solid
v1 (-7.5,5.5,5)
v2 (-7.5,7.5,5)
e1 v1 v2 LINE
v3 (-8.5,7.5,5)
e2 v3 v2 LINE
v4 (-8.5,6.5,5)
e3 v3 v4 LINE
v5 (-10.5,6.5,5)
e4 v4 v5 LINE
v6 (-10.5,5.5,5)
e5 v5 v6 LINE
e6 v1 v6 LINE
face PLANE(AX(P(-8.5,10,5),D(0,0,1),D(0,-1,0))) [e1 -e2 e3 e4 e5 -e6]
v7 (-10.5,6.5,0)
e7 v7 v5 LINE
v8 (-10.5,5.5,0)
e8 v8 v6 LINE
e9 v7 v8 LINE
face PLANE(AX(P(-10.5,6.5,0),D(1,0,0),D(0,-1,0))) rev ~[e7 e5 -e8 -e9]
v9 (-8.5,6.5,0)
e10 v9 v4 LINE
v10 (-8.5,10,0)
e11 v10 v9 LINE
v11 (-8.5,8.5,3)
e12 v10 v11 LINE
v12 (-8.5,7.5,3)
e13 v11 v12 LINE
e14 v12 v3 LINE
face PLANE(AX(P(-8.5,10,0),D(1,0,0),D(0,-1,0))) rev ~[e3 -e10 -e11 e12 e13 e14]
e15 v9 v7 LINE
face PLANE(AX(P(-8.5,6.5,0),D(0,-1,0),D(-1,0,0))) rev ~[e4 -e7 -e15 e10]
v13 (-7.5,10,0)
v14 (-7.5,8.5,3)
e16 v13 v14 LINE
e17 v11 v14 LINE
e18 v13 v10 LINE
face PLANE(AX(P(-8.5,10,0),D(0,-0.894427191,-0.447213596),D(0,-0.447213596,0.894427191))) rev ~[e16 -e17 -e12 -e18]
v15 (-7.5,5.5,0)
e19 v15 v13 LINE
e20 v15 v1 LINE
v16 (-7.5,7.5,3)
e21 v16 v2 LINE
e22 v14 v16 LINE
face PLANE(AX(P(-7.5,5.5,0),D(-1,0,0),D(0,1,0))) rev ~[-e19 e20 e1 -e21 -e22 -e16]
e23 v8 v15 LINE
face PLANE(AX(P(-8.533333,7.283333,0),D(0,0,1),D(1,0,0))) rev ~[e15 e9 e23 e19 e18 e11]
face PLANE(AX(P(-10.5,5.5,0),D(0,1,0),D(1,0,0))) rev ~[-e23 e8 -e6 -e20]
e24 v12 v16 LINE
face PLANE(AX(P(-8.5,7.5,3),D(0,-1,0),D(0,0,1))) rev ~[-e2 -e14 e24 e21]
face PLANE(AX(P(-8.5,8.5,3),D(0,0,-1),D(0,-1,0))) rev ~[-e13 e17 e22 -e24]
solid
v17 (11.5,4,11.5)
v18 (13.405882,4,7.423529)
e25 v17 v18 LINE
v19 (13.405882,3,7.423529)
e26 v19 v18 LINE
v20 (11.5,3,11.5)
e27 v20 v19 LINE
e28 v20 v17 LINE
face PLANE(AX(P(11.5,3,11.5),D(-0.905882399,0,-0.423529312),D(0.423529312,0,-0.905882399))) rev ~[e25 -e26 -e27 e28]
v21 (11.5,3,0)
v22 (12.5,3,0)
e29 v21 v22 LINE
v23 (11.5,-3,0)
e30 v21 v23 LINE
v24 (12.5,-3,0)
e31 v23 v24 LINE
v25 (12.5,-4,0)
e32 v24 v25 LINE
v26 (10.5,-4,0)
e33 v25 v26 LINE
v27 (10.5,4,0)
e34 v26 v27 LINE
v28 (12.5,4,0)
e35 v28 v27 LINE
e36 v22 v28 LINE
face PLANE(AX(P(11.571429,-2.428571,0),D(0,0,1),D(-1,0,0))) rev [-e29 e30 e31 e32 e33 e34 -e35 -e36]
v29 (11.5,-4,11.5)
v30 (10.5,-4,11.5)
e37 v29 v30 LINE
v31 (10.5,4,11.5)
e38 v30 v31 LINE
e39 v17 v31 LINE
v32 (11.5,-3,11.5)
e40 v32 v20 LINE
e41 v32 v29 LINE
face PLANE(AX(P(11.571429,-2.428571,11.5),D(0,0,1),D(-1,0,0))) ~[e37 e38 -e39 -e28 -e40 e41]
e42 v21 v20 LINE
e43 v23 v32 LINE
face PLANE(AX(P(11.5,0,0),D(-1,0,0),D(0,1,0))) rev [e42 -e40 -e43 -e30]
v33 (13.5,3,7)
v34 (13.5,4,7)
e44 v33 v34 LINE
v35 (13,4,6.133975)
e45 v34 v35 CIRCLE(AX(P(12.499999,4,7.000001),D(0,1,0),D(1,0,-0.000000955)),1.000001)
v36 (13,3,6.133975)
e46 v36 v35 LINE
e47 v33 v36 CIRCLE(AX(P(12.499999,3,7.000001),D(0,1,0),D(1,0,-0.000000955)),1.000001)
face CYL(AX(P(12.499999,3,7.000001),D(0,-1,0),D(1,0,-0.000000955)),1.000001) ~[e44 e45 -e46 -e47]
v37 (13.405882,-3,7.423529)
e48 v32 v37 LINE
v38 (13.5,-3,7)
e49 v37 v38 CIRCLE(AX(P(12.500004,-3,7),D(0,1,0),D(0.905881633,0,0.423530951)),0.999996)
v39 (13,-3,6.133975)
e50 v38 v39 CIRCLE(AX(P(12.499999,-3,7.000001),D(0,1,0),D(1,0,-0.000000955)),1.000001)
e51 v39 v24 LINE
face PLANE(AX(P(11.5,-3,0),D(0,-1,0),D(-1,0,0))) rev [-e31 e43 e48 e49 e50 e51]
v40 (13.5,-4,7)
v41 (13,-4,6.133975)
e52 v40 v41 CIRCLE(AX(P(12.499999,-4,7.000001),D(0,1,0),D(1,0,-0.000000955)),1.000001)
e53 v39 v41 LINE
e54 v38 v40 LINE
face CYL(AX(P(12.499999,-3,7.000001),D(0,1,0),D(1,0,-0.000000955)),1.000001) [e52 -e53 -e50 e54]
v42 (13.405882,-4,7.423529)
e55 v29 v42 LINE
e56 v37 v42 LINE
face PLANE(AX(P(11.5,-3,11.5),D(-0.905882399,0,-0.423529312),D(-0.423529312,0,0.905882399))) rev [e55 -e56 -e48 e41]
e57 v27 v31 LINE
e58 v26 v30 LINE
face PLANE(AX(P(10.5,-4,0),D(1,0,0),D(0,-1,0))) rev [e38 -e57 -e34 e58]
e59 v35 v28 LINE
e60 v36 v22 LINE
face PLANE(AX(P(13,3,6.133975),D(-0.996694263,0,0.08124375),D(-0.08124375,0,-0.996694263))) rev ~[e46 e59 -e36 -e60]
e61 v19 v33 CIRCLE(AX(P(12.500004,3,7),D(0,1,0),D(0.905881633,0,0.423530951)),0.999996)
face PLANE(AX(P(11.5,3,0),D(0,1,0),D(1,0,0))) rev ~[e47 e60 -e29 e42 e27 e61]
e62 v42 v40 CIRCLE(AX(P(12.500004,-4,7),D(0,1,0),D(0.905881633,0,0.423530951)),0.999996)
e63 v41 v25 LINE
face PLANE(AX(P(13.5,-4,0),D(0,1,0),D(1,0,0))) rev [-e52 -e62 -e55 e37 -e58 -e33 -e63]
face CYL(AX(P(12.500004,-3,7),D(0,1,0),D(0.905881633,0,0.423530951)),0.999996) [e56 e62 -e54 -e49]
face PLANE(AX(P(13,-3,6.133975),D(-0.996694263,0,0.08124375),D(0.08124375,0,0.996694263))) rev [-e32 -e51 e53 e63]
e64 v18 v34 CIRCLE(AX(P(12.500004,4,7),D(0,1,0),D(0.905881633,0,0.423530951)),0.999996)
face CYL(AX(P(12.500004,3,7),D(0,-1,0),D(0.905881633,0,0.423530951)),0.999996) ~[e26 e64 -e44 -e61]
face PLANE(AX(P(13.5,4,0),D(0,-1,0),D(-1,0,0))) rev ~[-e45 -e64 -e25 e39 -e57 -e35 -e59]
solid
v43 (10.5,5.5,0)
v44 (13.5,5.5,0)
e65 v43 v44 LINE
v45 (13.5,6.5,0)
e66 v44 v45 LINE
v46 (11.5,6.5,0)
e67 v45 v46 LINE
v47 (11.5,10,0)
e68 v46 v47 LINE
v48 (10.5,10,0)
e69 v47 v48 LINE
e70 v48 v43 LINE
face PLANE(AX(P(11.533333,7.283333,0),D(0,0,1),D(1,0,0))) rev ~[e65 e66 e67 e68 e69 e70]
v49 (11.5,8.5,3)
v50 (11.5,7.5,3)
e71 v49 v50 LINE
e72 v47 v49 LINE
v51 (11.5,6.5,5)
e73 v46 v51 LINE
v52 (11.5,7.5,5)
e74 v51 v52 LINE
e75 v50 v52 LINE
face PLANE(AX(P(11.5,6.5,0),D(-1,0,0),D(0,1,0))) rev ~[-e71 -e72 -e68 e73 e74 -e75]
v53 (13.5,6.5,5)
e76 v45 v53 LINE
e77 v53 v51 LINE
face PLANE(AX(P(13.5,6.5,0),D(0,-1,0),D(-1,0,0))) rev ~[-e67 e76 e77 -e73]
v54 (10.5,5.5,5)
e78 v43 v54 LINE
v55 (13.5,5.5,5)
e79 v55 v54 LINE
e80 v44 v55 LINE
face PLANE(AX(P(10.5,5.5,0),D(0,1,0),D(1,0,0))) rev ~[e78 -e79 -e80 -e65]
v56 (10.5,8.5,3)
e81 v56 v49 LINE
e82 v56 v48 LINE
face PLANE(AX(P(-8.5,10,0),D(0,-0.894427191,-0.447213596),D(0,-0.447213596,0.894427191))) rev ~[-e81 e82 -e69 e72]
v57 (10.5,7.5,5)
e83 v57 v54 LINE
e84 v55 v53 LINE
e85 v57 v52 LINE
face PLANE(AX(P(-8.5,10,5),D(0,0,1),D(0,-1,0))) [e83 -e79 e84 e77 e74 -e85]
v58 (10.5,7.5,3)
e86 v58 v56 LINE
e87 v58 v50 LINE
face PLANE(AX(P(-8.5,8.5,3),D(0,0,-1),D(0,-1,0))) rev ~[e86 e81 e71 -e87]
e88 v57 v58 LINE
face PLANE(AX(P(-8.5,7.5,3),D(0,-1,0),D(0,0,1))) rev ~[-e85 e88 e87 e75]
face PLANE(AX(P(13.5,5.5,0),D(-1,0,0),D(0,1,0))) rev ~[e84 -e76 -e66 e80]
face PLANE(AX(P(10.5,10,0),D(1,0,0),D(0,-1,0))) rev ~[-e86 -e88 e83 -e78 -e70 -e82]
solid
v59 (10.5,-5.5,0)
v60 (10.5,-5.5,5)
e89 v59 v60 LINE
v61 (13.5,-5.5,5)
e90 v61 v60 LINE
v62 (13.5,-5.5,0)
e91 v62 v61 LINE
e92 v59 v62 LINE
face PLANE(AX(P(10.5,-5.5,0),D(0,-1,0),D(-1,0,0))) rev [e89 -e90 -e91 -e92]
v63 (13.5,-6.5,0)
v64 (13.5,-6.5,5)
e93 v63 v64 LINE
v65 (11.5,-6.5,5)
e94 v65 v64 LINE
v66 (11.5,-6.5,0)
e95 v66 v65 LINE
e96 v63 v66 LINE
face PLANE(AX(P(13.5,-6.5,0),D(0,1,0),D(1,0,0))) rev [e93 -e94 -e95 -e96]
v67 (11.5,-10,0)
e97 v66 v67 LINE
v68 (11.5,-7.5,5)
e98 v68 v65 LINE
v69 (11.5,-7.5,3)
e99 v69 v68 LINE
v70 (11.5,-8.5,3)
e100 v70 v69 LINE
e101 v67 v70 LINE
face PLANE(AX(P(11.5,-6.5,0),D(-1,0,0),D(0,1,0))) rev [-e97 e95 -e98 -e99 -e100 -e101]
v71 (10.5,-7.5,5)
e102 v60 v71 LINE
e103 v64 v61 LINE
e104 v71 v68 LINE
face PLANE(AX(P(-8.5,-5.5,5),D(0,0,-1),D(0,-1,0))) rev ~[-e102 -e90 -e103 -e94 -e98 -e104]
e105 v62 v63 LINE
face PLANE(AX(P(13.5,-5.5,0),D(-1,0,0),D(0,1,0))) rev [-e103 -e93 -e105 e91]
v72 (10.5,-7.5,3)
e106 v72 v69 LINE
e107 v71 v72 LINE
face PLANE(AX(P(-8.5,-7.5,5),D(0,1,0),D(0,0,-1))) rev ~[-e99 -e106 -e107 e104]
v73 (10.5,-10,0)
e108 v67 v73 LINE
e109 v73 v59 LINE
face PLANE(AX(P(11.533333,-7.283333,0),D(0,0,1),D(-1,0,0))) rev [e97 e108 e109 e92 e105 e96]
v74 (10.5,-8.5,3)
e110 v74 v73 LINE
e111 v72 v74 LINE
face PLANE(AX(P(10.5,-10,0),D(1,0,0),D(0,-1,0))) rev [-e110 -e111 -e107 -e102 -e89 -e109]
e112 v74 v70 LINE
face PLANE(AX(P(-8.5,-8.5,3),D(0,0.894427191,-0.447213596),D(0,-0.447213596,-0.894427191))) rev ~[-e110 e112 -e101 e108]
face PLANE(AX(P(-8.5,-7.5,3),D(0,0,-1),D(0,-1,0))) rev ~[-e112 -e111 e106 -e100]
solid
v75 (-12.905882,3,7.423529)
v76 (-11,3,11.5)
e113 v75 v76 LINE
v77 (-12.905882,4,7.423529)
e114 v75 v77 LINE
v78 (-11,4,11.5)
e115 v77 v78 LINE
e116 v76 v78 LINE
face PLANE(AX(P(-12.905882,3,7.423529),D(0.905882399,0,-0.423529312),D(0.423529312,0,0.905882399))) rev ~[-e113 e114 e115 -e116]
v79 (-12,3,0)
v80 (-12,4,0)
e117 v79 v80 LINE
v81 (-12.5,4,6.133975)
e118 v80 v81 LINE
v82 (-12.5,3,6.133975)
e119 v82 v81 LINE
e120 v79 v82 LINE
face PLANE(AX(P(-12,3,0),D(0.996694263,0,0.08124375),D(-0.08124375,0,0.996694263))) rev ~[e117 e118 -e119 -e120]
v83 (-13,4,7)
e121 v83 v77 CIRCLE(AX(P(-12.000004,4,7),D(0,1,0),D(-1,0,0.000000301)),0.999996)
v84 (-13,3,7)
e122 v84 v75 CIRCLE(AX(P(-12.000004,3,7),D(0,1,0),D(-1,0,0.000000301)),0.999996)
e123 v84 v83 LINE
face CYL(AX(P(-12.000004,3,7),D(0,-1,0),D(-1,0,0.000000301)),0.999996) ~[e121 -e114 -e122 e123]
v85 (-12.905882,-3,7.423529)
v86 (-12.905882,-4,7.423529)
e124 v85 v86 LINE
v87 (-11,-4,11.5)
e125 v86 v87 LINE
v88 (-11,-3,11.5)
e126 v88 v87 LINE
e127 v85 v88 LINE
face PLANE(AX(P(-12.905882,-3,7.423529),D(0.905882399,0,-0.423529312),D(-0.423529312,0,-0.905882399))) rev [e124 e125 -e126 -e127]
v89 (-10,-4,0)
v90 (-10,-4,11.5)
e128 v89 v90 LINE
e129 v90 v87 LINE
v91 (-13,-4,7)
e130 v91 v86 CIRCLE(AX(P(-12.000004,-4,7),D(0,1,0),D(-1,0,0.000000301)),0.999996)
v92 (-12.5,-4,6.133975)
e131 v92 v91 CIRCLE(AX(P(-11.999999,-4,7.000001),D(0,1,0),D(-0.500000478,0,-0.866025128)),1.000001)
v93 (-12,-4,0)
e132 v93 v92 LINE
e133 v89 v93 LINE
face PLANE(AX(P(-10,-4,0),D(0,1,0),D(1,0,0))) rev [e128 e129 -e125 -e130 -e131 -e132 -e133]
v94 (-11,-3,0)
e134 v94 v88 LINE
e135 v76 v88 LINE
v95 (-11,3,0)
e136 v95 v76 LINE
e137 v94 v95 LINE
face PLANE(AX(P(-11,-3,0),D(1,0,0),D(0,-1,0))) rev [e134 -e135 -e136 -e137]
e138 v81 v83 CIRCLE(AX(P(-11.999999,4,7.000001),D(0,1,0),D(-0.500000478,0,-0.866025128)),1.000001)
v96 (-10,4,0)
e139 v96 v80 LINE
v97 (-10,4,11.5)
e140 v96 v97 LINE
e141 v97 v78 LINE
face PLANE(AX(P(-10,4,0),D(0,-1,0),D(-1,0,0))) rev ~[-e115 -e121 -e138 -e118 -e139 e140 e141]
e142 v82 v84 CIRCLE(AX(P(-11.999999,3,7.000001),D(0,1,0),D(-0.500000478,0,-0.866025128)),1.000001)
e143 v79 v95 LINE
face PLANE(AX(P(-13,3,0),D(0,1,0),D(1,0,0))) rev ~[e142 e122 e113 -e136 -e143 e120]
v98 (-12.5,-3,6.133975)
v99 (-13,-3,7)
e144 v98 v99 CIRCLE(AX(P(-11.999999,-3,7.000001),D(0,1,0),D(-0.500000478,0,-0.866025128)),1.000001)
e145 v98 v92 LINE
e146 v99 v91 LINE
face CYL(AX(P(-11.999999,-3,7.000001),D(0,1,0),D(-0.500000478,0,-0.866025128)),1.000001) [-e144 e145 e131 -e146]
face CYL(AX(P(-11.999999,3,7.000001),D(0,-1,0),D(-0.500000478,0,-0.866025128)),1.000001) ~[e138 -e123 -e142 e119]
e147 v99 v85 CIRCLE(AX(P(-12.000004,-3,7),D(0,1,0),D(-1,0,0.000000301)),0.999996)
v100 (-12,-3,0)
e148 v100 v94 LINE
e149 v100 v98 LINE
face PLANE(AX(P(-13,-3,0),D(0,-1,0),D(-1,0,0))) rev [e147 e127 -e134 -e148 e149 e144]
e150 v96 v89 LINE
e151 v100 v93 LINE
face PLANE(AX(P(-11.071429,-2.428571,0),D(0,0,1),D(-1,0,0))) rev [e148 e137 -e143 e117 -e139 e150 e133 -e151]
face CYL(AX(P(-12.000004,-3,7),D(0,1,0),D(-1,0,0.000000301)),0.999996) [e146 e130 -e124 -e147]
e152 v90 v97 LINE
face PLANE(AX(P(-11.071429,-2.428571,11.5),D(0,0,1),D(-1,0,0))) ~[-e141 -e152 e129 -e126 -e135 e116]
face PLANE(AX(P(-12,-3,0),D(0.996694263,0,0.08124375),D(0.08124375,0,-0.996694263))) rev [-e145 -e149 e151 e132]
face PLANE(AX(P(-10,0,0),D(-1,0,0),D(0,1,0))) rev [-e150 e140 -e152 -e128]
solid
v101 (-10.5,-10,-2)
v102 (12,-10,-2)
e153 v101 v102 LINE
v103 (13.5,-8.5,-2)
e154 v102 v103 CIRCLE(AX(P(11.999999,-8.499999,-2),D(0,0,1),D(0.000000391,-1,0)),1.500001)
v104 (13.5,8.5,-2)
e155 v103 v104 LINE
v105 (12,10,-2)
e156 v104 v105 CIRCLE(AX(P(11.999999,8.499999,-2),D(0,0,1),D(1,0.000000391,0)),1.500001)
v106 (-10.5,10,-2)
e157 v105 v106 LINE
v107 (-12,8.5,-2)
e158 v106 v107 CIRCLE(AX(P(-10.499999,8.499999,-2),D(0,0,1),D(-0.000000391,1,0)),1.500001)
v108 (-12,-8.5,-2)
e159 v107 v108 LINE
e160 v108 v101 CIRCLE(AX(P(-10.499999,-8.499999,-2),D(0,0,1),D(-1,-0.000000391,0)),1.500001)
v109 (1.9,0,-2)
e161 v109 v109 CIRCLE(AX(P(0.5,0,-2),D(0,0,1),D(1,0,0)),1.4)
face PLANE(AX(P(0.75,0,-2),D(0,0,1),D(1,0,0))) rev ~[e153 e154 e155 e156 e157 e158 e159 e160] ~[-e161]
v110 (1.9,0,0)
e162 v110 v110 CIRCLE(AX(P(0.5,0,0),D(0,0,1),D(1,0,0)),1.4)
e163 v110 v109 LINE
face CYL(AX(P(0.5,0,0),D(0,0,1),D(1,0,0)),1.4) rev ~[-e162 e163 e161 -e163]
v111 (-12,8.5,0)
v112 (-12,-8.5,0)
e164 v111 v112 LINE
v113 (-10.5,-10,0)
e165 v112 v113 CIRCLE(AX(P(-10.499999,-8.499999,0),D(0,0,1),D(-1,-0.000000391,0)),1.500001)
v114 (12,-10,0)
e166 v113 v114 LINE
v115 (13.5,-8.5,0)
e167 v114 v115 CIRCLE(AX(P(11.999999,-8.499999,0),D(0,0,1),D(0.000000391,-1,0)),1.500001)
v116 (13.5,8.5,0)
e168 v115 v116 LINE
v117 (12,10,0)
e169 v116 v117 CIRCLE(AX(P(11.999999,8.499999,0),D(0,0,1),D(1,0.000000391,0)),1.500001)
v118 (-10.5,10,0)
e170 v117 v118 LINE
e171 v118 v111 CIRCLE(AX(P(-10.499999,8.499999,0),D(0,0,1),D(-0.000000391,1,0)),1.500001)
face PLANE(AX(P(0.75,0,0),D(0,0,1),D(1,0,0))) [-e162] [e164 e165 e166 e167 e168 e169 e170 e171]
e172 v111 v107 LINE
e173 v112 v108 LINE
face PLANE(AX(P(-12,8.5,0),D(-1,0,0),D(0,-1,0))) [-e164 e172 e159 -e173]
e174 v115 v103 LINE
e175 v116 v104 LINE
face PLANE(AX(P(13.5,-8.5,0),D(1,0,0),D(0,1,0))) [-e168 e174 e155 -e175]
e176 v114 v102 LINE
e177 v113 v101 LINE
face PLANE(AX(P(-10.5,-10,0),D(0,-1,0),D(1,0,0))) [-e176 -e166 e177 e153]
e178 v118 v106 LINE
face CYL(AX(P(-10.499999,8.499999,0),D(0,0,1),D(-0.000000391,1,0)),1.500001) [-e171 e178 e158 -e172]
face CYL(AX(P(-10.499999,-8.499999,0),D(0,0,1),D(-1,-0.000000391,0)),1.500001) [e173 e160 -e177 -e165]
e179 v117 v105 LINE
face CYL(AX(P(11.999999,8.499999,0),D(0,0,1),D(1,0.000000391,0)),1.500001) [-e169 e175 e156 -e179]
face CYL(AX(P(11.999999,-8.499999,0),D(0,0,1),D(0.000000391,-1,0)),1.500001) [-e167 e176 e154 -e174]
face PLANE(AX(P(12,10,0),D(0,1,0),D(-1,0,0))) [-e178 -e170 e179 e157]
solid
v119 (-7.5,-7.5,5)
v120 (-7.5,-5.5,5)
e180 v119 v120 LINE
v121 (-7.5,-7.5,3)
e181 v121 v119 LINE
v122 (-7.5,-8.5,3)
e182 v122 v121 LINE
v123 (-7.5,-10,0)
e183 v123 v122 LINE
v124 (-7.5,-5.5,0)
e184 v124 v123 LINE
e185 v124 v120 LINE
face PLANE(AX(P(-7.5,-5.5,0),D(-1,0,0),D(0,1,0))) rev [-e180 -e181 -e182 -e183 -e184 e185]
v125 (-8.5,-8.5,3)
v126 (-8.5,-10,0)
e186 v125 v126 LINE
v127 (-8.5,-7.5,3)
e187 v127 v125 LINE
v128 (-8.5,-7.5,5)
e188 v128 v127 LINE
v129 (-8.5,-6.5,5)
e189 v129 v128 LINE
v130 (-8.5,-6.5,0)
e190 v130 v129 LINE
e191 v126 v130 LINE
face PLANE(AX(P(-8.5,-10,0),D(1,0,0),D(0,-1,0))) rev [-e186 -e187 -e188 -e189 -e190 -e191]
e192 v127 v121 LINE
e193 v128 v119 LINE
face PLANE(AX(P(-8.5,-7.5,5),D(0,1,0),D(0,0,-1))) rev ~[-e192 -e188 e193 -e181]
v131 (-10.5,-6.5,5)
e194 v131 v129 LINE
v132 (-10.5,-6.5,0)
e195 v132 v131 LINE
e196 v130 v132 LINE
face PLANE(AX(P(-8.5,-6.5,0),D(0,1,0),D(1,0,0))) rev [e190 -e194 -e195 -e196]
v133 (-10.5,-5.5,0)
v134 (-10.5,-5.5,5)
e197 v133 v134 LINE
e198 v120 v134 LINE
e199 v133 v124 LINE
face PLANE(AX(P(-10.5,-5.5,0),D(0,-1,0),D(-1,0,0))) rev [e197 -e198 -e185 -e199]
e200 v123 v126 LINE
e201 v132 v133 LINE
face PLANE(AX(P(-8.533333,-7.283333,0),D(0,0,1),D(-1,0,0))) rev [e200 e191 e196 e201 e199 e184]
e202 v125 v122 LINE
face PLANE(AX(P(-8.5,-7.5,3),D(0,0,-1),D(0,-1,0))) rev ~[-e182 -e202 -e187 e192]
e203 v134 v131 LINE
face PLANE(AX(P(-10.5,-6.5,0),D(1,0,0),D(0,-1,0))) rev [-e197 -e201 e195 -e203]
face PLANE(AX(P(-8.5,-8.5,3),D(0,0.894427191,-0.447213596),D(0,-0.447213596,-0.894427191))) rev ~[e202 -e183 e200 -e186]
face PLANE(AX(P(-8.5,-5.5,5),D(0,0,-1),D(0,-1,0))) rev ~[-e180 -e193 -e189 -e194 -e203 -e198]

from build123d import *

# Parameters (mm, degrees)
F1_DEPTH  = 11.5
F3_DEPTH  = 1
F5_W      = 4.5
F5_H      = 6.5
F6_DEPTH  = 28.13
F8_DEPTH  = 22.001
F10_DEPTH = 22.001
F11_R     = 1.4
F12_DEPTH = 2


with BuildPart() as f1:
    # F0 (on Top) → F1 (new body)
    with BuildSketch(Plane.XY):
        Polygon((-7.5, 5.5), (-7.5, 10), (-8.5, 10), (-8.5, 6.5), (-10.5, 6.5), (-10.5, 5.5), align=None)
        Polygon((-10, 4), (-13, 4), (-13, 3), (-11, 3), (-11, 0), (-10, 0), align=None)
        Polygon((11.5, 10), (10.5, 10), (10.5, 5.5), (13.5, 5.5), (13.5, 6.5), (11.5, 6.5), align=None)
        Polygon((13.5, 4), (10.5, 4), (10.5, 0), (11.5, 0), (11.5, 3), (13.5, 3), align=None)
    extrude(amount=F1_DEPTH)

    # F2 (on face) → F3 (cut, through all)
    with BuildSketch(Plane.XZ.offset(-3)):
        with BuildLine():
            ThreePointArc((-13, 7), (-12.976187, 7.21693), (-12.905882, 7.423529))
            Line((-12.905882, 7.423529), (-11, 11.5))
            Line((-11, 11.5), (-13, 11.5))
            Line((-13, 11.5), (-13, 7))
        make_face()
        with BuildLine():
            ThreePointArc((-12.5, 6.133975), (-12.866025, 6.5), (-13, 7))
            Line((-13, 7), (-13, 0))
            Line((-13, 0), (-12, 0))
            Line((-12, 0), (-12.5, 6.133975))
        make_face()
        with BuildLine():
            Line((11.5, 11.5), (13.405882, 7.423529))
            ThreePointArc((13.405882, 7.423529), (13.476187, 7.21693), (13.5, 7))
            Line((13.5, 7), (13.5, 11.5))
            Line((13.5, 11.5), (11.5, 11.5))
        make_face()
        with BuildLine():
            Line((13.5, 0), (13.5, 7))
            ThreePointArc((13.5, 7), (13.366025, 6.5), (13, 6.133975))
            Line((13, 6.133975), (12.5, 0))
            Line((12.5, 0), (13.5, 0))
        make_face()
    extrude(amount=-F3_DEPTH, mode=Mode.SUBTRACT)

    # F4: F1 across plane


with BuildPart() as f1_1:
    add(f1.part)
    add(f1.part.mirror(Plane.XZ))

    # F5 (on face) → F6 (cut, symmetric)
    with BuildSketch(Plane(origin=(-8.5, 0, 0), x_dir=(0, -1, 0), z_dir=(-1, 0, 0))):
        with Locations((-7.75, 8.25)):
            Rectangle(F5_W, F5_H)
        with Locations((7.75, 8.25)):
            Rectangle(F5_W, F5_H)
    extrude(amount=F6_DEPTH, both=True, mode=Mode.SUBTRACT)

    # F7 (on face) → F8 (cut, through all)
    with BuildSketch(Plane(origin=(-8.5, 0, 0), x_dir=(0, -1, 0), z_dir=(-1, 0, 0))):
        Polygon((-10, 5), (-10, 0), (-8.5, 3), (-7.5, 3), (-7.5, 5), align=None)
    extrude(amount=-F8_DEPTH, mode=Mode.SUBTRACT)

    # F9 (on face) → F10 (cut, through all)
    with BuildSketch(Plane(origin=(-8.5, 0, 0), x_dir=(0, -1, 0), z_dir=(-1, 0, 0))):
        Polygon((8.5, 3), (10, 0), (10, 5), (7.5, 5), (7.5, 3), align=None)
    extrude(amount=-F10_DEPTH, mode=Mode.SUBTRACT)


with BuildPart() as f12:
    # F11 (on Top) → F12 (new body)
    with BuildSketch(Plane.XY):
        with BuildLine():
            Line((12, 10), (-10.5, 10))
            ThreePointArc((-10.5, 10), (-11.56066, 9.56066), (-12, 8.5))
            Line((-12, 8.5), (-12, -8.5))
            ThreePointArc((-12, -8.5), (-11.56066, -9.56066), (-10.5, -10))
            Line((-10.5, -10), (12, -10))
            ThreePointArc((12, -10), (13.06066, -9.56066), (13.5, -8.5))
            Line((13.5, -8.5), (13.5, 8.5))
            ThreePointArc((13.5, 8.5), (13.06066, 9.56066), (12, 10))
        make_face()
        with Locations((0.5, 0)):
            Circle(F11_R, mode=Mode.SUBTRACT)
    extrude(amount=-F12_DEPTH)


solid = Compound([f1_1.part, f12.part])
